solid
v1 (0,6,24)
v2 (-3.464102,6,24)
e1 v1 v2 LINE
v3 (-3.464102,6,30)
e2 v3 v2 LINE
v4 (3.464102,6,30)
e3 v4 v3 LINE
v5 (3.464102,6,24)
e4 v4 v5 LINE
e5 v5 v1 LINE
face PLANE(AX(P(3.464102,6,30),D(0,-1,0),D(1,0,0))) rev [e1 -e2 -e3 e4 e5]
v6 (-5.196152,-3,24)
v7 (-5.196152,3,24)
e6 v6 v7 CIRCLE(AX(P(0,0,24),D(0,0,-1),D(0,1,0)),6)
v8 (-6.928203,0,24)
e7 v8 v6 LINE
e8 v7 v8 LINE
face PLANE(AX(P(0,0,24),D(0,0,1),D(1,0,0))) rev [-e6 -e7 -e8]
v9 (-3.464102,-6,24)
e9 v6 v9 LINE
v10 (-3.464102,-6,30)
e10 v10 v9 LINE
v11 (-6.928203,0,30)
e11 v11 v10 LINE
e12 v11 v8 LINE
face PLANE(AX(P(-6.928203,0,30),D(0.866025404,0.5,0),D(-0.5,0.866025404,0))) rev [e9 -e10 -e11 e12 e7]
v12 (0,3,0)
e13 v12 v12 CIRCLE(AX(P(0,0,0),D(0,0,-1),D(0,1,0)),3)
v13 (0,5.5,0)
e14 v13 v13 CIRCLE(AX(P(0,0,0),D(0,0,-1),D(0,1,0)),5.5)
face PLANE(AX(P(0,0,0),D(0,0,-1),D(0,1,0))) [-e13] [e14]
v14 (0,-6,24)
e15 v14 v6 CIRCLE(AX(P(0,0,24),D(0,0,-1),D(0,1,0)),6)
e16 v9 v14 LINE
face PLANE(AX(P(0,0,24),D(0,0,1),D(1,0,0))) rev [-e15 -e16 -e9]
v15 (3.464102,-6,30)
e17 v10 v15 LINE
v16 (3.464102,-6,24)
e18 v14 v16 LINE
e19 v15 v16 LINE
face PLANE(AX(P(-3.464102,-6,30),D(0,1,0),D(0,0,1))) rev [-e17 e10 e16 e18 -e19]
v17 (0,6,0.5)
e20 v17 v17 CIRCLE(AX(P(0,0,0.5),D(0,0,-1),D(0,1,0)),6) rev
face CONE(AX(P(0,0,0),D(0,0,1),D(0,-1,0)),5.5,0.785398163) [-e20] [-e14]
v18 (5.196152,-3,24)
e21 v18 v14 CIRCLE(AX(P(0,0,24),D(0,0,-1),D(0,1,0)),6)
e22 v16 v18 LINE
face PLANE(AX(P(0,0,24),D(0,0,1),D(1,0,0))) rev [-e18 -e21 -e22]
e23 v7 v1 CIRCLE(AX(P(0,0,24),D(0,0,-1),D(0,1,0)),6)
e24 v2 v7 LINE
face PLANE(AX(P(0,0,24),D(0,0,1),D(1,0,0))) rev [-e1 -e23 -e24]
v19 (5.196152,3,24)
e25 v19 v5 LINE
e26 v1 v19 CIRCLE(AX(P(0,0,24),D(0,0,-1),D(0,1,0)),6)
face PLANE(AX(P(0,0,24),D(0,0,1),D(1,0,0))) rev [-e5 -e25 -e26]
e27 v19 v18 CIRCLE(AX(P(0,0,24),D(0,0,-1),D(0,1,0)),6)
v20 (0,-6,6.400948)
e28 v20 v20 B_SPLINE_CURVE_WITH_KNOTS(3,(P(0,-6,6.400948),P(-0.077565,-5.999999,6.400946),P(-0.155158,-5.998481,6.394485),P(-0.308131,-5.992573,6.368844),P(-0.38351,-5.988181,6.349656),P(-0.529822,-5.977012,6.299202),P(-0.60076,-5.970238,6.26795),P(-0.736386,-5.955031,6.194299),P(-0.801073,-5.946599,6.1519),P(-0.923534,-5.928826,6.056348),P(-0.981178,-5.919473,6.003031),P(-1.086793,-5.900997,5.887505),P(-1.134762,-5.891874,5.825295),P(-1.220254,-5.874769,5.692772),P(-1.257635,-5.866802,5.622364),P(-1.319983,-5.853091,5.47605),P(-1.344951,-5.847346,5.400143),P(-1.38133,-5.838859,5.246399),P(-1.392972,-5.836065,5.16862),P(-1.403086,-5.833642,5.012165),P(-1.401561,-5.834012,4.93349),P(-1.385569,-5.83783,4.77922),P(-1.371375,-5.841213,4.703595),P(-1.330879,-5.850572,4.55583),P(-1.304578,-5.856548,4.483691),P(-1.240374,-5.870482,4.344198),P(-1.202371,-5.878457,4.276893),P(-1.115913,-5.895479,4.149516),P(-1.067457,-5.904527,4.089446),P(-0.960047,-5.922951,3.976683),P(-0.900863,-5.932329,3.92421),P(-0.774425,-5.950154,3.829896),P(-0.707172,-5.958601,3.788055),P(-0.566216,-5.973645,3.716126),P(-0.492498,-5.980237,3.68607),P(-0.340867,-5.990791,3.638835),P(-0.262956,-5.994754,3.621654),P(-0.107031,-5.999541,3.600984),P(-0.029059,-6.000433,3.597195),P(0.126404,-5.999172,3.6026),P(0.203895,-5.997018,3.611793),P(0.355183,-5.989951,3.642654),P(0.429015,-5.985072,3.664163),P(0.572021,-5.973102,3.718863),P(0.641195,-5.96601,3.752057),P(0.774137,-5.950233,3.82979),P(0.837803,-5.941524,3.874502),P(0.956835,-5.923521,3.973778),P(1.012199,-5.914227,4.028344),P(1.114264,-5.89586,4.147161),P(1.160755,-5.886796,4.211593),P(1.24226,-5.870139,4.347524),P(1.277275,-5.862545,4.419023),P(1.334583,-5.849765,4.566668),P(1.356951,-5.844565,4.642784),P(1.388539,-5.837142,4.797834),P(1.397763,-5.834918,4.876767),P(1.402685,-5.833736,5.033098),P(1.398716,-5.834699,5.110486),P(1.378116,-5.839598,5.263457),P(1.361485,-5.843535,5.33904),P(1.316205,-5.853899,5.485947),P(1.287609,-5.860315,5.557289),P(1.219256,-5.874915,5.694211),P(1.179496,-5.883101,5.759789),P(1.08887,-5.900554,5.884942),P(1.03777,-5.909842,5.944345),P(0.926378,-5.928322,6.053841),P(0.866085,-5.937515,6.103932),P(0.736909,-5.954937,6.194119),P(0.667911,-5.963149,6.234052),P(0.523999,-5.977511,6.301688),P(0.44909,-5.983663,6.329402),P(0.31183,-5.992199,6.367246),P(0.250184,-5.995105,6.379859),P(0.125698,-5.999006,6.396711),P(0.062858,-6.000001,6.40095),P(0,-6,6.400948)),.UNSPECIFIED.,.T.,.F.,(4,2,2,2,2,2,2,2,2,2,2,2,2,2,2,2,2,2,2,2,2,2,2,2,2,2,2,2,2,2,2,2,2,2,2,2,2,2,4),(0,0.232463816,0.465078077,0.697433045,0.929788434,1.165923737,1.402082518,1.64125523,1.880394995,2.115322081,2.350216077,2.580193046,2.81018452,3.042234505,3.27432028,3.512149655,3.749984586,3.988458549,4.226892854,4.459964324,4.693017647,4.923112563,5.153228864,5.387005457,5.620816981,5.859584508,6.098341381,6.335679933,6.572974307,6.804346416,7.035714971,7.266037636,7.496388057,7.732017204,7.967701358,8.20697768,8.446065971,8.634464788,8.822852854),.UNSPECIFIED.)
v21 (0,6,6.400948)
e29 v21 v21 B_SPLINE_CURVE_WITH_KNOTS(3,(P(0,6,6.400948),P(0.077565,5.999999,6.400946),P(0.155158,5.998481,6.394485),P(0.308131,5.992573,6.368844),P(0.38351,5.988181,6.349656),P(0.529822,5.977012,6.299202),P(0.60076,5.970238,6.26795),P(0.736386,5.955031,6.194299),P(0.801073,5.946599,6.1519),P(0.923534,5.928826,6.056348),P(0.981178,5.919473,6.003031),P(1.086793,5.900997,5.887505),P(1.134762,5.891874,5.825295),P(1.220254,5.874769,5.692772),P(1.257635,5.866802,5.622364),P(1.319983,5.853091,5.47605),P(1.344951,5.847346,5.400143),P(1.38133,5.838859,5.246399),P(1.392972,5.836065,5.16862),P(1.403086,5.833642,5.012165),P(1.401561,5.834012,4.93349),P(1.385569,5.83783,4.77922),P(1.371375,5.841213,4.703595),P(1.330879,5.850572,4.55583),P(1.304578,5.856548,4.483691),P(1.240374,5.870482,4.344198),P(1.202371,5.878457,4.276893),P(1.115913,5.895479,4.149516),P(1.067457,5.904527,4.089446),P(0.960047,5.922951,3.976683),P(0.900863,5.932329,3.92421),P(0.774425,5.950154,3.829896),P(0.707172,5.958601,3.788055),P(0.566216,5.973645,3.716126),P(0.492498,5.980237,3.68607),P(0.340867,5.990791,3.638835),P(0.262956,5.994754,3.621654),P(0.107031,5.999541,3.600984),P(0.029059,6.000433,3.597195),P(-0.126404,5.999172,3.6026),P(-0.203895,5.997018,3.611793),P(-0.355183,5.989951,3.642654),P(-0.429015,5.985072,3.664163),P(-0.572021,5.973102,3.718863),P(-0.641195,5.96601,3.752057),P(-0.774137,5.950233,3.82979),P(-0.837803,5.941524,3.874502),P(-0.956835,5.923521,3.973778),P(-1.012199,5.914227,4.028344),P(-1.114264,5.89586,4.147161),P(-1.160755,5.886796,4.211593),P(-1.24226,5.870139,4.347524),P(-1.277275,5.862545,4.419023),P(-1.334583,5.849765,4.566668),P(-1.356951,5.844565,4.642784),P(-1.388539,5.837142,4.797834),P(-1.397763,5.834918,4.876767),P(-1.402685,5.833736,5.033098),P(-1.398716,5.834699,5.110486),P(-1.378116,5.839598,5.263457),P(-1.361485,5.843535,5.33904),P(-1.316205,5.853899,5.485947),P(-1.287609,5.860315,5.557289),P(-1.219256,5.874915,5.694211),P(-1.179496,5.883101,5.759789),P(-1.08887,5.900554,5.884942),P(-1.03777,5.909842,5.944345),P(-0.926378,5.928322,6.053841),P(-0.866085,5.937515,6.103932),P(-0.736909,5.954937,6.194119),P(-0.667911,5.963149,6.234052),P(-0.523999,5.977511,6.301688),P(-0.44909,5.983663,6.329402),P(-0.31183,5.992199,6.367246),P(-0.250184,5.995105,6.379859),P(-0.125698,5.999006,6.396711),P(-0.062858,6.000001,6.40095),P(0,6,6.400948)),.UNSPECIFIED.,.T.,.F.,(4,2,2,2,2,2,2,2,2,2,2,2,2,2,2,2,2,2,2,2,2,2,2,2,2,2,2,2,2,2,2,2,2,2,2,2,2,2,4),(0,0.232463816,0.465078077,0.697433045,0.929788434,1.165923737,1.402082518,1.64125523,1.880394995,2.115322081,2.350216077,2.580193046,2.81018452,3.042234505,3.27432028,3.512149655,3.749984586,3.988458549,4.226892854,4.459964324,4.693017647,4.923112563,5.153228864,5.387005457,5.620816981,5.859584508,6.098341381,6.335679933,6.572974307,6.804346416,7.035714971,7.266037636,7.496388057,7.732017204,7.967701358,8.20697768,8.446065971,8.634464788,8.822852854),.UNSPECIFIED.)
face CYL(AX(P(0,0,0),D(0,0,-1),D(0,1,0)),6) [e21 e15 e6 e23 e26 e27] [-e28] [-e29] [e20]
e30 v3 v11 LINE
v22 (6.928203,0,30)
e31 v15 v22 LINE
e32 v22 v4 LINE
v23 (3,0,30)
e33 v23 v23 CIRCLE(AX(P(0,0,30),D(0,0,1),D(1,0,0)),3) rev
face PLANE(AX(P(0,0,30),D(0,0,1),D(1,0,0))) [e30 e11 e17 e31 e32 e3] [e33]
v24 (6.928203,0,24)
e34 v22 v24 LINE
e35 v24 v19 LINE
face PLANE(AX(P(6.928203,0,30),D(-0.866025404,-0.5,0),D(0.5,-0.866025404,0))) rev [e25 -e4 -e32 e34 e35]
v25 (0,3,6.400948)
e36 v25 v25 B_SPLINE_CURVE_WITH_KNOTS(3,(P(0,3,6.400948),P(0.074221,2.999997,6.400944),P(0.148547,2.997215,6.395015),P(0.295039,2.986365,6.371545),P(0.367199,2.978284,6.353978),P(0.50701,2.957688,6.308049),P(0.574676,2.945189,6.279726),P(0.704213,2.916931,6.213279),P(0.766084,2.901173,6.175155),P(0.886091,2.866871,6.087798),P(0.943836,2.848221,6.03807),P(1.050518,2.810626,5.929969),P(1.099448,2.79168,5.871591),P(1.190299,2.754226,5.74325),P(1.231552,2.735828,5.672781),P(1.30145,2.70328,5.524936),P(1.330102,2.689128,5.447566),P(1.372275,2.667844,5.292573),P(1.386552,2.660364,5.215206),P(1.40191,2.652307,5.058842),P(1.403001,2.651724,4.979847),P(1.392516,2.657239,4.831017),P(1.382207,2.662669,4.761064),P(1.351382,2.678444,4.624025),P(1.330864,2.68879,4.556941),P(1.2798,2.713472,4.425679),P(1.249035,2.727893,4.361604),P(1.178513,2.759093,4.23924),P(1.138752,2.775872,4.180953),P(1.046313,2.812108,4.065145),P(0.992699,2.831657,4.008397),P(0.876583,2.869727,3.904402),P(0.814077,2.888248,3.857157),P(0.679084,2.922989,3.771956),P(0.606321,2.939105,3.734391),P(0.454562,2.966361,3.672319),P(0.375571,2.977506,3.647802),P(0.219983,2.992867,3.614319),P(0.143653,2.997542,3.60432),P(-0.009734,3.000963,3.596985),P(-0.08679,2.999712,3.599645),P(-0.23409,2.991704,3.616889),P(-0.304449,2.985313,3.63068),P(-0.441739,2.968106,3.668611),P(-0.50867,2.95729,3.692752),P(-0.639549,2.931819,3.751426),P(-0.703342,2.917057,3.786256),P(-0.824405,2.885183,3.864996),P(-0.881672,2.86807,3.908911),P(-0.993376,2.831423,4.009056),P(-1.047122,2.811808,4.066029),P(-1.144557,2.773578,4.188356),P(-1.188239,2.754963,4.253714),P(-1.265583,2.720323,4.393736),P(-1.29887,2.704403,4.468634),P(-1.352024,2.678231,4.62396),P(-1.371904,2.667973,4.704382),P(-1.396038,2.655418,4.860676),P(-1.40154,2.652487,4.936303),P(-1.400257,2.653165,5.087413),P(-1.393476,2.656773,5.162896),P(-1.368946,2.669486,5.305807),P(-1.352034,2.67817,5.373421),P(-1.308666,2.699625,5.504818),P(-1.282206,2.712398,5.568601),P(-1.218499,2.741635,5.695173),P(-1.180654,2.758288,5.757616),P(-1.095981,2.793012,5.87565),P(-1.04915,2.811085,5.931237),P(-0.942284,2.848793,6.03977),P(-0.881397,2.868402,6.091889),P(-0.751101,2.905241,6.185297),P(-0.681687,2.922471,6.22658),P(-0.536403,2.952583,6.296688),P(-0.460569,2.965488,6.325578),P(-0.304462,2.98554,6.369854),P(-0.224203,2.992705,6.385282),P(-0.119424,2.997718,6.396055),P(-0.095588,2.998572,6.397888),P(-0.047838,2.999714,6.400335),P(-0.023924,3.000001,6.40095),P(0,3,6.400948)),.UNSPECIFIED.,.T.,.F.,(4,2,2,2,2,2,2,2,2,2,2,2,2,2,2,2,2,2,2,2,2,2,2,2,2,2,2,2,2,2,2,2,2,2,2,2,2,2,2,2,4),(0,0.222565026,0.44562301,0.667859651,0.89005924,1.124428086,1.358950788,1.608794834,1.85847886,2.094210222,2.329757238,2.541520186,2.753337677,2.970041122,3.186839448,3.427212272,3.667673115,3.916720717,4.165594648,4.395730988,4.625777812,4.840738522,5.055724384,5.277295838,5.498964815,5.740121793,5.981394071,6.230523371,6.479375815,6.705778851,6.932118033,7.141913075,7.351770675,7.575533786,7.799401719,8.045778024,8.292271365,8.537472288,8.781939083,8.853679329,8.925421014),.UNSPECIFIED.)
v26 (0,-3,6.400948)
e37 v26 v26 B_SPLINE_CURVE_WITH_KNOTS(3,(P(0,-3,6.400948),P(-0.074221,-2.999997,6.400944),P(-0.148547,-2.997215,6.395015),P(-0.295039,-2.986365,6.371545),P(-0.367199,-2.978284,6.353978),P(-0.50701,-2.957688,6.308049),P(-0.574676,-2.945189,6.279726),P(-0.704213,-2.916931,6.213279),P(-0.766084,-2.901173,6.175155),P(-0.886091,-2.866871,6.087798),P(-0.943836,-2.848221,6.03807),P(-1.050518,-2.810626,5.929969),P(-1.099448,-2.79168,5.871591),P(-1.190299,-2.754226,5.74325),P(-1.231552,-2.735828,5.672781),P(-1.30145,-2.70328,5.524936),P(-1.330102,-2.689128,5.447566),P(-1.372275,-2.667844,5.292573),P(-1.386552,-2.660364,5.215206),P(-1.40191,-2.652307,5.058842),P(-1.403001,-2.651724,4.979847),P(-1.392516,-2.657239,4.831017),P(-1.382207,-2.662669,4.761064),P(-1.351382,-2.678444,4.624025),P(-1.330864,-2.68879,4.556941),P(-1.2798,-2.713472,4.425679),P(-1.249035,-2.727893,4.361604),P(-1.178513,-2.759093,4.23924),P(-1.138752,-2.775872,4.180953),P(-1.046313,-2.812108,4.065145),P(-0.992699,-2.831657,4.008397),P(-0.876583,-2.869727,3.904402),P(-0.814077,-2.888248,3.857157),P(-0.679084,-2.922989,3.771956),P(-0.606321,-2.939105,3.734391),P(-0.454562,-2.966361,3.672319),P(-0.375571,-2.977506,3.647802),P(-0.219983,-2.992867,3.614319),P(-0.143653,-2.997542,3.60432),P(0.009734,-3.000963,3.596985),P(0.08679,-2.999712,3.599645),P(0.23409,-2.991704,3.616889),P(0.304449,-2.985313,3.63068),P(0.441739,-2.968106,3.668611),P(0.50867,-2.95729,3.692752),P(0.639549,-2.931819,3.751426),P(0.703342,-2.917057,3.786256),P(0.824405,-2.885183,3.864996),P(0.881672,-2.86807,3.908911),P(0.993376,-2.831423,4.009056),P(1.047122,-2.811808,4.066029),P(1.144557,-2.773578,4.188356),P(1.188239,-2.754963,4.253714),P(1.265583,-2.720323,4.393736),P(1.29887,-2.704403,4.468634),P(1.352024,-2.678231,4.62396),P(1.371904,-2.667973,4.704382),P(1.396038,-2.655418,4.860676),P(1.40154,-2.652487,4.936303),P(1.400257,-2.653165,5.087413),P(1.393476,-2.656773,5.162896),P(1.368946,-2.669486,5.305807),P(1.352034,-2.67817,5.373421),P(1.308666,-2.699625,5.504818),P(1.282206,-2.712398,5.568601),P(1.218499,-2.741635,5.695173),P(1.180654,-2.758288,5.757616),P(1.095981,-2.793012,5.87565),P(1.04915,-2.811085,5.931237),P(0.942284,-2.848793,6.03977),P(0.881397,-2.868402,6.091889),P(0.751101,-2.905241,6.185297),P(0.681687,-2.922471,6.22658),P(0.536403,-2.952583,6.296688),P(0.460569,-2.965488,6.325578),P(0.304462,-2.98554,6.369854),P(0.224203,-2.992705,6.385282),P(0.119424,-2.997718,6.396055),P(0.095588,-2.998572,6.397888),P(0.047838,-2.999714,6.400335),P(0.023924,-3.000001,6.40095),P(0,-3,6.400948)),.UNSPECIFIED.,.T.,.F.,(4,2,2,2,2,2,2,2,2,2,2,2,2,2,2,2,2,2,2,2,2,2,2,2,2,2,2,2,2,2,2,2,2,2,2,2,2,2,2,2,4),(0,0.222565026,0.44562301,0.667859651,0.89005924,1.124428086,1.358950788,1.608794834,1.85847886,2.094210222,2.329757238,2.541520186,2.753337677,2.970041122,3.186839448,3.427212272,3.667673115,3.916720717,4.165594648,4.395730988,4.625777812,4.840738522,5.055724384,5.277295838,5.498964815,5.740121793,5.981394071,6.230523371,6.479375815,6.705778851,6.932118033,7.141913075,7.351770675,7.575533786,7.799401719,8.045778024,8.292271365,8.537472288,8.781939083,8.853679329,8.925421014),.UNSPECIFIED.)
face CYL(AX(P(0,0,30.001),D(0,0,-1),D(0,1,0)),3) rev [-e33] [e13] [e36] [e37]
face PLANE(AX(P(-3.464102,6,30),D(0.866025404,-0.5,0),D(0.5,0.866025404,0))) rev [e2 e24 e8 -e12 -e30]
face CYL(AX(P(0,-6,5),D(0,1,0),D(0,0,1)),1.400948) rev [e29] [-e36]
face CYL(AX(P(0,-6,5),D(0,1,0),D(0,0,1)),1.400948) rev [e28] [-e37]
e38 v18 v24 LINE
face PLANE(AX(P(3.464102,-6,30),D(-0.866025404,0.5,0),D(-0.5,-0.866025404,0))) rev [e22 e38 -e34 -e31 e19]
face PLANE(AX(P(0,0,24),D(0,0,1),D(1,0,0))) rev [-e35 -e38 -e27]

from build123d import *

# Parameters (mm, degrees)
ESQUISSE1_W                  = 24
ESQUISSE1_H                  = 6
BOSS_EXTRU_1_DEPTH           = 6
ENL_V_MAT_EXTRU_1_REACH      = 32
ESQUISSE3_R                  = 3
ESQUISSE4_R                  = 1.400948466
ENL_V_MAT_EXTRU_2_DEPTH      = 7
ENL_V_MAT_EXTRU_2_DEPTH_BACK = 7
CHANFREIN1_SIZE              = 0.5


with BuildPart() as part:
    # Esquisse1 → Révolution1 (revolve)
    with BuildSketch(Plane(origin=(0, 0, 0), x_dir=(0, 0, -1), z_dir=(1, 0, 0))):
        with Locations((-12, 3)):
            Rectangle(ESQUISSE1_W, ESQUISSE1_H)
    revolve(axis=Axis((0, 0, 0), (0, 0, 1)))

    # Esquisse2 → Boss.-Extru.1 (add)
    with BuildSketch(Plane.XY.offset(24)):
        Polygon((6.92820323, 0), (3.464101615, 6), (-3.464101615, 6), (-6.92820323, 0), (-3.464101615, -6), (3.464101615, -6), align=None)
    extrude(amount=BOSS_EXTRU_1_DEPTH)

    # Esquisse3 → Enlèv. mat.-Extru.1 (cut, up to next)
    with BuildSketch(Plane(origin=(0, 0, 0), x_dir=(-1, 0, 0), z_dir=(0, 0, -1)), mode=Mode.PRIVATE) as enl_v_mat_extru_1_sk1:
        Circle(ESQUISSE3_R)
    enl_v_mat_extru_1_tool1 = extrude(enl_v_mat_extru_1_sk1.sketch, amount=-ENL_V_MAT_EXTRU_1_REACH, mode=Mode.PRIVATE) & part.part
    add(enl_v_mat_extru_1_tool1.solids().sort_by_distance((0, 0, 0))[0], mode=Mode.SUBTRACT)

    # Esquisse4 → Enlèv. mat.-Extru.2 (cut, two sides)
    with BuildSketch(Plane(origin=(0, 0, 0), x_dir=(1, 0, 0), z_dir=(0, 1, 0))) as enl_v_mat_extru_2_sk:
        with Locations((0, -5)):
            Circle(ESQUISSE4_R)
    extrude(amount=ENL_V_MAT_EXTRU_2_DEPTH, mode=Mode.SUBTRACT)
    extrude(enl_v_mat_extru_2_sk.sketch, amount=-ENL_V_MAT_EXTRU_2_DEPTH_BACK, mode=Mode.SUBTRACT)

    # Chanfrein1
    chanfrein1_edges = [part.edges().sort_by_distance(p)[0] for p in [
        (0, -6, 0),
    ]]
    chamfer(chanfrein1_edges, length=CHANFREIN1_SIZE)


solid = part.part
